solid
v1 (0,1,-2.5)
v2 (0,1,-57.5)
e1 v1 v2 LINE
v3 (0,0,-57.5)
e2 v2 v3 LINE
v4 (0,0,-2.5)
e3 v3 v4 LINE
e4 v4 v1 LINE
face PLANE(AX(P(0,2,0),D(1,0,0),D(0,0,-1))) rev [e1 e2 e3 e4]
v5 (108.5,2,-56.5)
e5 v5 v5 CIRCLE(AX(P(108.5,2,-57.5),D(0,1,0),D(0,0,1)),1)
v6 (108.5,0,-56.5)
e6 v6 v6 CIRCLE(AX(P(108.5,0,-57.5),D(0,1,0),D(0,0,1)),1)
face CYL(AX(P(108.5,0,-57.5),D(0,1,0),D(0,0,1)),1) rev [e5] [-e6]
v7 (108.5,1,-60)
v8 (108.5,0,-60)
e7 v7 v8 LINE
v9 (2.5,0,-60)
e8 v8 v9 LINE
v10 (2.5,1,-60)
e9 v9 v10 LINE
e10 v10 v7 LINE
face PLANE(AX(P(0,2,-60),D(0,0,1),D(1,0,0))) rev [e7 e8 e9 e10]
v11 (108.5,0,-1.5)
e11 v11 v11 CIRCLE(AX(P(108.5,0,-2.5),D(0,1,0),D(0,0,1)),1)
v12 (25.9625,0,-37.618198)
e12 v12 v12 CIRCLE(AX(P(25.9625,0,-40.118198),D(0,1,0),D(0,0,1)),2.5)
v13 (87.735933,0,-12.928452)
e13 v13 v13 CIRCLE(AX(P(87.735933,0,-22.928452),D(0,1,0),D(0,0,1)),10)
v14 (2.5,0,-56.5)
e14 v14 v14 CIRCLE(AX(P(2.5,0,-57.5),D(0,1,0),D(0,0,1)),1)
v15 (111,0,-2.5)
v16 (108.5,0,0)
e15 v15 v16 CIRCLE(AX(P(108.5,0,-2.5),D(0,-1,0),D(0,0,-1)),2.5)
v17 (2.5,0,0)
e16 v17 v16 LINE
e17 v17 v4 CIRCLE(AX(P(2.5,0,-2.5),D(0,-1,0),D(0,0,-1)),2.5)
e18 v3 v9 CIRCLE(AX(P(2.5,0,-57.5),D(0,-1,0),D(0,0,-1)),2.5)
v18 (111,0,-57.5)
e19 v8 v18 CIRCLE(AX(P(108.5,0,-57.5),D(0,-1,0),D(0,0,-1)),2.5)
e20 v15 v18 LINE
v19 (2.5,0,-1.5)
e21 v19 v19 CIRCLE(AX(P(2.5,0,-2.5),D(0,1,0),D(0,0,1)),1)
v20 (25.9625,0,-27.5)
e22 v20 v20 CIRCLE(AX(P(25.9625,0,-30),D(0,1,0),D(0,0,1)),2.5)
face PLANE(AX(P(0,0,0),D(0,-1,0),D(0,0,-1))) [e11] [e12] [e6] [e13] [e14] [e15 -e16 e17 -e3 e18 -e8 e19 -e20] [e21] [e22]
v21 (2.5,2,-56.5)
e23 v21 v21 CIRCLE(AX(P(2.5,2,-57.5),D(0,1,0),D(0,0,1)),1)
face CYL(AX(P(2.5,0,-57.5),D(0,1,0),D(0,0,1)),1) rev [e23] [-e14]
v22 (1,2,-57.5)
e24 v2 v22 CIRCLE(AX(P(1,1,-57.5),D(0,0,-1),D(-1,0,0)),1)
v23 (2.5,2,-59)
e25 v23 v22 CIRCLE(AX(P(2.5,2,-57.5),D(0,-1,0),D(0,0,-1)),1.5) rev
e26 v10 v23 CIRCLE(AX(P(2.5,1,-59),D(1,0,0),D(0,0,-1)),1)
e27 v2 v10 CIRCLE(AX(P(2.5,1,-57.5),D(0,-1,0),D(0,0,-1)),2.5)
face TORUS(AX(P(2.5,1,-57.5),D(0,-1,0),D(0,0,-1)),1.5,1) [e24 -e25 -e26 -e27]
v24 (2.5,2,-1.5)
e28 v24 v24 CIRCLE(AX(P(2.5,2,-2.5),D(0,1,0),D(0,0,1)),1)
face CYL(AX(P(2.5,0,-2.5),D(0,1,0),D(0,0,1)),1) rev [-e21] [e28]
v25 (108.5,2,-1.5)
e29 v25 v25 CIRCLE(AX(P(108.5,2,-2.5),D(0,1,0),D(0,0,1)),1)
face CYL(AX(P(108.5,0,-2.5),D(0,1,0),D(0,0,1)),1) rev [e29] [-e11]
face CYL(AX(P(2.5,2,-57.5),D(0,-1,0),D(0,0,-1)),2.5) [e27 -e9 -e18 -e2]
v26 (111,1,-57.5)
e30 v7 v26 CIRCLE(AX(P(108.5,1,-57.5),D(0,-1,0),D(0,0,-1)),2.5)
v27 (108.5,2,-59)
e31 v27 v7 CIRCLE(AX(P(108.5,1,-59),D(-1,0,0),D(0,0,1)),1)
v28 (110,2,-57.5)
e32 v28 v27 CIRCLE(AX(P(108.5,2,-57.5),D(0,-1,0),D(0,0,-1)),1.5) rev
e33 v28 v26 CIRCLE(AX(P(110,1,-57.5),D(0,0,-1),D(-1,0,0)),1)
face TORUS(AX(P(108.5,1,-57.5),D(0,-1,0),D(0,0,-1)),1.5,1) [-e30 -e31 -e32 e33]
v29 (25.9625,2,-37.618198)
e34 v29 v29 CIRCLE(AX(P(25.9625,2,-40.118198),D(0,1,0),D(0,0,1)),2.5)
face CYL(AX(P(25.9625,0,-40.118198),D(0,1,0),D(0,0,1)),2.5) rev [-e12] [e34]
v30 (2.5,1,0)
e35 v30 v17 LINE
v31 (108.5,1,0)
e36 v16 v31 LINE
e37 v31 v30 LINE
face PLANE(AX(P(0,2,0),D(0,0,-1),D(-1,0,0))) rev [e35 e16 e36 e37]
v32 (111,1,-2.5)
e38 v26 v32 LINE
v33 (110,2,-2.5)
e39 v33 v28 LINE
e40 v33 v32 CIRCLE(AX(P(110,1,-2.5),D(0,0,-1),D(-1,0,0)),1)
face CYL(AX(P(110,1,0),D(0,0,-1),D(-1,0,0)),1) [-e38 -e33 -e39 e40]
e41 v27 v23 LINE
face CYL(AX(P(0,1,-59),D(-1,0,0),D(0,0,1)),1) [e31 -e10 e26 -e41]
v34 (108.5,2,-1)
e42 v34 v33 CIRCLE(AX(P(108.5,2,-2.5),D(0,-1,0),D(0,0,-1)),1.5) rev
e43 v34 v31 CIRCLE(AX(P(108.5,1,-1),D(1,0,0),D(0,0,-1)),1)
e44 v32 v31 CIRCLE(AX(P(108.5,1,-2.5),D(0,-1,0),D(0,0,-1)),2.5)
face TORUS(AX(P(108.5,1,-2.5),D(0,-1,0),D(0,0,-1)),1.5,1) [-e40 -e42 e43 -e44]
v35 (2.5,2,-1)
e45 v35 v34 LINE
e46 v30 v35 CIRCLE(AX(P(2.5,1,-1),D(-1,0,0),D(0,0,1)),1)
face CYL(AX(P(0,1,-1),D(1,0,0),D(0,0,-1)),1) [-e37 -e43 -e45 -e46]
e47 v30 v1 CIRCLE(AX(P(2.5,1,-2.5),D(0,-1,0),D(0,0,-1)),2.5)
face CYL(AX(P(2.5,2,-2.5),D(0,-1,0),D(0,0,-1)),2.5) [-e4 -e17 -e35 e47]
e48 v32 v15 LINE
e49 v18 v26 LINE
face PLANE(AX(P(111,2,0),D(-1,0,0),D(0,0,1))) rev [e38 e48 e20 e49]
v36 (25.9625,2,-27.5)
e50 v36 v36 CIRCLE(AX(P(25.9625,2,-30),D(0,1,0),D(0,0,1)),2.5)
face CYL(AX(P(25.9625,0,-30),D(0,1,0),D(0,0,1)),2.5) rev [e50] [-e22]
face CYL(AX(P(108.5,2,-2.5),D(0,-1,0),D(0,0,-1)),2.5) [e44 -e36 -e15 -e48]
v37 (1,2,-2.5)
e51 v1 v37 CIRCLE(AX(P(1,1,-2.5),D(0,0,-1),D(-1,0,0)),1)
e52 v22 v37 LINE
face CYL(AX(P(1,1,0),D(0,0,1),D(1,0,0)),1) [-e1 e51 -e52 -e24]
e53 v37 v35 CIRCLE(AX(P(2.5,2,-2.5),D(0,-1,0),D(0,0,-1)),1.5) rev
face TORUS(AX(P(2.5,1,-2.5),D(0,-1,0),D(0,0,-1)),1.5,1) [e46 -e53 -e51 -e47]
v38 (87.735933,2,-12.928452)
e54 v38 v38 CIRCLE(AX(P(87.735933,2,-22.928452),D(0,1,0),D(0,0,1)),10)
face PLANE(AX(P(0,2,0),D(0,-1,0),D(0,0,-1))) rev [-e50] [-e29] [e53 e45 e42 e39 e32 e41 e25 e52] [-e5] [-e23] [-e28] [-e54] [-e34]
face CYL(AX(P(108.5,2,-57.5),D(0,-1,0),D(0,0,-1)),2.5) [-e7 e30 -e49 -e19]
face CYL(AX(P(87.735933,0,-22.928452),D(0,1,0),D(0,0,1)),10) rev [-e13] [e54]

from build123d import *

# Parameters (mm, degrees)
SKETCH1_W           = 111
SKETCH1_H           = 60
BOSS_EXTRUDE1_DEPTH = 2
SKETCH2_R           = 10
SKETCH2_R_2         = 1
SKETCH2_R_3         = 2.5
CUT_EXTRUDE1_DEPTH  = 3
FILLET1_R           = 2.5
FILLET2_R           = 1


with BuildPart() as part:
    # Sketch1 → Boss-Extrude1 (new body)
    with BuildSketch(Plane(origin=(0, 0, 0), x_dir=(1, 0, 0), z_dir=(0, 1, 0))):
        with Locations((55.5, 30)):
            Rectangle(SKETCH1_W, SKETCH1_H)
    extrude(amount=BOSS_EXTRUDE1_DEPTH)

    # Sketch2 → Cut-Extrude1 (cut, through all)
    with BuildSketch(Plane(origin=(0, 2, 0), x_dir=(1, 0, 0), z_dir=(0, 1, 0))):
        with Locations((87.735933435, 22.928451884)):
            Circle(SKETCH2_R)
        with Locations((2.5, 57.5)):
            Circle(SKETCH2_R_2)
        with Locations((108.5, 57.5)):
            Circle(SKETCH2_R_2)
        with Locations((108.5, 2.5)):
            Circle(SKETCH2_R_2)
        with Locations((2.5, 2.5)):
            Circle(SKETCH2_R_2)
        with Locations((25.9625, 30)):
            Circle(SKETCH2_R_3)
        with Locations((25.9625, 40.118198487)):
            Circle(SKETCH2_R_3)
    extrude(amount=-CUT_EXTRUDE1_DEPTH, mode=Mode.SUBTRACT)

    # Fillet1
    fillet1_edges = [part.edges().sort_by_distance(p)[0] for p in [
        (0, 1, -60),
        (111, 1, -60),
        (111, 1, 0),
        (0, 1, 0),
    ]]
    fillet(fillet1_edges, radius=FILLET1_R)

    # Fillet2
    fillet2_edges = [part.edges().sort_by_distance(p)[0] for p in [
        (0, 2, -30),
        (55.5, 2, -60),
        (55.5, 2, 0),
        (111, 2, -30),
        (110.267766953, 2, -0.732233047),
        (110.267766953, 2, -59.267766953),
        (0.732233047, 2, -0.732233047),
        (0.732233047, 2, -59.267766953),
    ]]
    fillet(fillet2_edges, radius=FILLET2_R)


solid = part.part
